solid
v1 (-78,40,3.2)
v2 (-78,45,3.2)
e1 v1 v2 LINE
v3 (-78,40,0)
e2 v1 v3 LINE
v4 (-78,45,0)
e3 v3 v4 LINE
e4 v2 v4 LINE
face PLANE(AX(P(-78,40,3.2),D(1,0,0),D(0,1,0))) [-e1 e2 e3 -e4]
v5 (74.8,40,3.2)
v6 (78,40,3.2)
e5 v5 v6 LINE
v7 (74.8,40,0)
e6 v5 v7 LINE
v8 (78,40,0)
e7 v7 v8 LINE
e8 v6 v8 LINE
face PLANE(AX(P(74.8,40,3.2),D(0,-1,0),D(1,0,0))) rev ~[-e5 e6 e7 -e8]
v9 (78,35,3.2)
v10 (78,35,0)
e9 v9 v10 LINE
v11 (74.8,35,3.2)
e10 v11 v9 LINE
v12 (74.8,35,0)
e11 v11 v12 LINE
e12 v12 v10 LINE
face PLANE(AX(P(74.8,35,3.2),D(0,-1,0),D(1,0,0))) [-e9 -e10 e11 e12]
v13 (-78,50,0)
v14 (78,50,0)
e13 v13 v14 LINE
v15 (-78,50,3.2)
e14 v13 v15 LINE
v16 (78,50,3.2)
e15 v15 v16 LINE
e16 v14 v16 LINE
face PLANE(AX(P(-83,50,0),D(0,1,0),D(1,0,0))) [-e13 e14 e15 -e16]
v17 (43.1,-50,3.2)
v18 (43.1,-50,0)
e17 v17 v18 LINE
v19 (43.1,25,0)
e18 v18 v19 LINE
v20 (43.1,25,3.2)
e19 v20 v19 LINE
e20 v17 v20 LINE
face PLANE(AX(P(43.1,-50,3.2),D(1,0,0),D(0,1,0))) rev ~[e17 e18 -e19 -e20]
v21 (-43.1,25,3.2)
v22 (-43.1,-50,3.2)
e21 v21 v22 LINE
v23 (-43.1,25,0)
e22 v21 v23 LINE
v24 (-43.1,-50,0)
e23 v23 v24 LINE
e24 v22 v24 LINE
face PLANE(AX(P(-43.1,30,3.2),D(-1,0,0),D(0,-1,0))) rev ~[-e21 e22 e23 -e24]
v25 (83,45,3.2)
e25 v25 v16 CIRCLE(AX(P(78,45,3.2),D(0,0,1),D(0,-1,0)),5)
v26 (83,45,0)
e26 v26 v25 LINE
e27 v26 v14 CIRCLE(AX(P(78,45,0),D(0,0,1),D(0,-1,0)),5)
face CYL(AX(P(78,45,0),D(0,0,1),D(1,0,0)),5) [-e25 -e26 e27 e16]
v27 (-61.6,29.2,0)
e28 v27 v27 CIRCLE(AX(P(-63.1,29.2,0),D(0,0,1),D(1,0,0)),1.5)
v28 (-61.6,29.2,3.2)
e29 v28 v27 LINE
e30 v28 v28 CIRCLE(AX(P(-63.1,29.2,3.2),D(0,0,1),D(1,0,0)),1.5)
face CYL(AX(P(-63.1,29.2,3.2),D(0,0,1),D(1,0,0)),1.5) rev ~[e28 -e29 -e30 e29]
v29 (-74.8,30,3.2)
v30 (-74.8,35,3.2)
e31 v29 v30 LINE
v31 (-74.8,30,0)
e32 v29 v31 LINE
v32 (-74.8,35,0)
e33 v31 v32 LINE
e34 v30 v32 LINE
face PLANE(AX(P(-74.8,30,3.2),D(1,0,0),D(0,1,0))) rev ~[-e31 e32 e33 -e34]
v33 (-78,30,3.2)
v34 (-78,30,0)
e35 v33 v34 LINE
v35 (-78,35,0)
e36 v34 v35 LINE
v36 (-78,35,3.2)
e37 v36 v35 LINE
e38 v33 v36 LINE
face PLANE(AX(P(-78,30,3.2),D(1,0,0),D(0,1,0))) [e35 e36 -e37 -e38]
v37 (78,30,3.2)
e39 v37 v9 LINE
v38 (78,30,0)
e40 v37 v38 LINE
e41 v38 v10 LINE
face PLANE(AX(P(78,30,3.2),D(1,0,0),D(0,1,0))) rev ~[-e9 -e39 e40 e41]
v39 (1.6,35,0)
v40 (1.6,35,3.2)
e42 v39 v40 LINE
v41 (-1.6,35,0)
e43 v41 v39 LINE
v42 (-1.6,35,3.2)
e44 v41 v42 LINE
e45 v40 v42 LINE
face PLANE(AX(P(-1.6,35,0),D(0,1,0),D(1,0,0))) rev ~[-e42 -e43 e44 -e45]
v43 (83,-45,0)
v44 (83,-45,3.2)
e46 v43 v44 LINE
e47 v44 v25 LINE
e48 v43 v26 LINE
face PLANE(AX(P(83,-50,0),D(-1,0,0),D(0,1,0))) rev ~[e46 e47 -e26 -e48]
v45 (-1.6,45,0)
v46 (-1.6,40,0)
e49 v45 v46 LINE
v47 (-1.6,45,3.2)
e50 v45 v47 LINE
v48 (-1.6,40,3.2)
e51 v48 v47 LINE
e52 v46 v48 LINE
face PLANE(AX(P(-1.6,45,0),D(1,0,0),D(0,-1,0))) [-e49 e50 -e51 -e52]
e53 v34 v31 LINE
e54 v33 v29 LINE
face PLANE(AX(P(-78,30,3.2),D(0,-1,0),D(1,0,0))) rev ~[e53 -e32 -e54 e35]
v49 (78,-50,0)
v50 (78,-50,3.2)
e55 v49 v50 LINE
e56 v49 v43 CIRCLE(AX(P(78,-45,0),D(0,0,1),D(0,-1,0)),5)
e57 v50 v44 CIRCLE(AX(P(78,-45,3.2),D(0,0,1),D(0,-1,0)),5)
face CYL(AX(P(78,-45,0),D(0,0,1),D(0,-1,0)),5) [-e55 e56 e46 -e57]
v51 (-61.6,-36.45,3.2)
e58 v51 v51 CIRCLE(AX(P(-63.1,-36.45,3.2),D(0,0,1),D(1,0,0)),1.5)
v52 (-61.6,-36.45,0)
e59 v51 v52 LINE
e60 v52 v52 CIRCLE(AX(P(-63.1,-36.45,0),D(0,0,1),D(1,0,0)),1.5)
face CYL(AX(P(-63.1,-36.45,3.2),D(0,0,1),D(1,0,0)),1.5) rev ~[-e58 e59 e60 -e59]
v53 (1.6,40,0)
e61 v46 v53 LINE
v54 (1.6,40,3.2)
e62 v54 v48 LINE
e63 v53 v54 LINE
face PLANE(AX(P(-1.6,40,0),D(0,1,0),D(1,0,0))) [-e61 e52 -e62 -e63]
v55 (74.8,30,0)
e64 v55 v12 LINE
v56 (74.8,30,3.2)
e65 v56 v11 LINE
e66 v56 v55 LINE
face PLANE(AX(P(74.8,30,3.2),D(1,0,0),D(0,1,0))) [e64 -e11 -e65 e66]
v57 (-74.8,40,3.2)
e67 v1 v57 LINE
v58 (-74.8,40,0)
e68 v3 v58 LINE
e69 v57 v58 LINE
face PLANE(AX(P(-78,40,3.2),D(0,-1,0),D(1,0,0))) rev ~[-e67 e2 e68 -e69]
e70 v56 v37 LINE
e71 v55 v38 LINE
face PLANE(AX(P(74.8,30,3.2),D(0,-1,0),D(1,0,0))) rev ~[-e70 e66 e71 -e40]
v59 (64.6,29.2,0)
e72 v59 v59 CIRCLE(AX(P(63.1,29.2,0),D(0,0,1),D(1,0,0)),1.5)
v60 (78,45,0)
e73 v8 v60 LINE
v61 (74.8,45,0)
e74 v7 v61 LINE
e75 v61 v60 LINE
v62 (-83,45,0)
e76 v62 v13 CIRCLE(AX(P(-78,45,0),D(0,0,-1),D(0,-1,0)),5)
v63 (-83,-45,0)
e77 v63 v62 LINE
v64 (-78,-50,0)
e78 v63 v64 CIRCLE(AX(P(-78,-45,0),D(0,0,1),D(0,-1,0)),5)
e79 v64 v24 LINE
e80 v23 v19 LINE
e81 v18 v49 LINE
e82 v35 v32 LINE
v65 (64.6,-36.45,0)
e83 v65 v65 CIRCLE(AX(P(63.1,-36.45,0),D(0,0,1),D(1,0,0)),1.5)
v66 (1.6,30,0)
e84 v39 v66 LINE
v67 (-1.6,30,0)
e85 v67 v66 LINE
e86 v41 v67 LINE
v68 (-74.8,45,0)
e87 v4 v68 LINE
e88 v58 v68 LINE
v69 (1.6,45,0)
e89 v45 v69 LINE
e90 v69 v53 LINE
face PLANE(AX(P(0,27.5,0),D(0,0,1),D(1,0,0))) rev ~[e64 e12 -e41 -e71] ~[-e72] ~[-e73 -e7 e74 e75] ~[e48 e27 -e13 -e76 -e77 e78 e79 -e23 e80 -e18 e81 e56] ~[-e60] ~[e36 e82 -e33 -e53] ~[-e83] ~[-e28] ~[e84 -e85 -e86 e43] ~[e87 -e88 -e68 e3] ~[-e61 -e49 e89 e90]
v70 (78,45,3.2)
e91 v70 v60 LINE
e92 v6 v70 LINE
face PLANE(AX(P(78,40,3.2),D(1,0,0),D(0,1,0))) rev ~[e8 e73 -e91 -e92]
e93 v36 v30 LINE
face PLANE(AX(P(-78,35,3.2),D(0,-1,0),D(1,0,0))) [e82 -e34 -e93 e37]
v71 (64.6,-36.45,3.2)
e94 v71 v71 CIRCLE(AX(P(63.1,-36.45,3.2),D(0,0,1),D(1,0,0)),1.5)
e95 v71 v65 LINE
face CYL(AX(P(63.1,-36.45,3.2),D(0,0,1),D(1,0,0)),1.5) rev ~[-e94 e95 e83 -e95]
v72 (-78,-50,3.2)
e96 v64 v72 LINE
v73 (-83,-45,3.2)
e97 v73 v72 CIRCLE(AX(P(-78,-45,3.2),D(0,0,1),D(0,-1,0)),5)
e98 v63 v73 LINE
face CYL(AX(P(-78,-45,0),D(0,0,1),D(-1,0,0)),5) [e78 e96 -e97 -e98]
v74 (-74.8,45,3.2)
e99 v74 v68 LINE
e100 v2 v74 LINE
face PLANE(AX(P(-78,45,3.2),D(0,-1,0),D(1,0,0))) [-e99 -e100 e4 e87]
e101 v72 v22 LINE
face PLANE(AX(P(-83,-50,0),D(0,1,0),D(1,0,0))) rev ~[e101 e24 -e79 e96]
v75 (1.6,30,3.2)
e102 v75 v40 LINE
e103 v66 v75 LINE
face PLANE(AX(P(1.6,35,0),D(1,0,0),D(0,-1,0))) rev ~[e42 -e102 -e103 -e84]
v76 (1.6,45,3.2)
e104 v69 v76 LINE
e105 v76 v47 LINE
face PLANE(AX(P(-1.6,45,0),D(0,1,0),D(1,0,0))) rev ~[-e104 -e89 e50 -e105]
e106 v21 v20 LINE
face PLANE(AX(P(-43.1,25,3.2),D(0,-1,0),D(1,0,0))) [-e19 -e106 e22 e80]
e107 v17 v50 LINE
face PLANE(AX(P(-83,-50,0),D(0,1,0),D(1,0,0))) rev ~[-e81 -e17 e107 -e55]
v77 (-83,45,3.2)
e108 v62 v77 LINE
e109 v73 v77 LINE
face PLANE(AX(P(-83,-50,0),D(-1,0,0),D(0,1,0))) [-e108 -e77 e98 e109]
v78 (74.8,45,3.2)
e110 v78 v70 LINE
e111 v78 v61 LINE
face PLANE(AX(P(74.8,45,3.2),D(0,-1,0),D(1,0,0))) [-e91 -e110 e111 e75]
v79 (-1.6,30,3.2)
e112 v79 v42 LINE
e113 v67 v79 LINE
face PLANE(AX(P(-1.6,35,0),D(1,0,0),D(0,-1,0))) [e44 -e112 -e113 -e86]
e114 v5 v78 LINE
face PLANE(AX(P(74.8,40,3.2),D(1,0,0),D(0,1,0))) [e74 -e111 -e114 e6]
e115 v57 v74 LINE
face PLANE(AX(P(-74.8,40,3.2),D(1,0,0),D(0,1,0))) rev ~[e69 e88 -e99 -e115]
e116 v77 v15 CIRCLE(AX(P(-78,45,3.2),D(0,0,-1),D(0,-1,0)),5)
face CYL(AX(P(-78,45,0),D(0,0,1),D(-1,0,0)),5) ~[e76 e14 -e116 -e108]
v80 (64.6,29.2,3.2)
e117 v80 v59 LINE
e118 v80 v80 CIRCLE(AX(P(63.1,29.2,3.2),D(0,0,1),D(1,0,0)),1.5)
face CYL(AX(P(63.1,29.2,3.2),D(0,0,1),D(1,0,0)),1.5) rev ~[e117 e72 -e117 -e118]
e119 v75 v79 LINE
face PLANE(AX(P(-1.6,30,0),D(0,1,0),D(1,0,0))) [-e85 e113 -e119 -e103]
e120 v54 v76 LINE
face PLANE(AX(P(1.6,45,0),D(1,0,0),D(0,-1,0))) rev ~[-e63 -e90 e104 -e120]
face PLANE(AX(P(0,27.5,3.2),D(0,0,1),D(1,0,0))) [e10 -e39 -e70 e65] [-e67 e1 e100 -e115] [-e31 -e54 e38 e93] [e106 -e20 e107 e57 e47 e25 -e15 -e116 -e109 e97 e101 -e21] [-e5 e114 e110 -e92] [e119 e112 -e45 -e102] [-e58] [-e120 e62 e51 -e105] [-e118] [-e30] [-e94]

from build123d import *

# Parameters (mm, degrees)
F0_W      = 166
F0_H      = 100
F1_DEPTH  = 3.2
F2_R      = 5
F3_R      = 1.5
F4_DEPTH  = 25
F6_DEPTH  = 25
F7_W      = 3.2
F7_H      = 5
F8_DEPTH  = 25
F9_W      = 86.2
F9_H      = 5
F10_DEPTH = 3.2
F11_W     = 3.2
F11_H     = 5
F12_DEPTH = 25


with BuildPart() as f1:
    # F0 (on Top) → F1 (new body)
    with BuildSketch(Plane.XY):
        Rectangle(F0_W, F0_H)
    extrude(amount=F1_DEPTH)

    # F2
    f2_edges = [f1.edges().sort_by_distance(p)[0] for p in [
        (83, 50, 1.6),
        (83, -50, 1.6),
        (-83, -50, 1.6),
        (-83, 50, 1.6),
    ]]
    fillet(f2_edges, radius=F2_R)

    # F3 (on face) → F4 (cut)
    with BuildSketch(Plane.XY.offset(3.2)):
        with Locations((63.1, 29.2)):
            Circle(F3_R)
        with Locations((-63.1, 29.2)):
            Circle(F3_R)
        with Locations((-63.1, -36.45)):
            Circle(F3_R)
        with Locations((63.1, -36.45)):
            Circle(F3_R)
    extrude(amount=-F4_DEPTH, mode=Mode.SUBTRACT)

    # F5 (on face) → F6 (cut)
    with BuildSketch(Plane.XY.offset(3.2)):
        Polygon((43.1, 30), (0, 30), (-43.1, 30), (-43.1, -50), (43.1, -50), align=None)
    extrude(amount=-F6_DEPTH, mode=Mode.SUBTRACT)

    # F7 (on face) → F8 (cut)
    with BuildSketch(Plane.XY.offset(3.2)):
        with Locations((-76.4, 42.5)):
            Rectangle(F7_W, F7_H)
        with Locations((-76.4, 32.5)):
            Rectangle(F7_W, F7_H)
        with Locations((76.4, 32.5)):
            Rectangle(F7_W, F7_H)
        with Locations((76.4, 42.5)):
            Rectangle(F7_W, F7_H)
    extrude(amount=-F8_DEPTH, mode=Mode.SUBTRACT)

    # F9 (on face) → F10 (join, through all)
    with BuildSketch(Plane.XY.offset(3.2)):
        with Locations((0, 27.5)):
            Rectangle(F9_W, F9_H)
    extrude(amount=-F10_DEPTH)

    # F11 (on face) → F12 (cut)
    with BuildSketch(Plane(origin=(0, 0, 0), x_dir=(1, 0, 0), z_dir=(0, 0, -1))):
        with Locations((0, -32.5)):
            Rectangle(F11_W, F11_H)
        with Locations((0, -42.5)):
            Rectangle(F11_W, F11_H)
    extrude(amount=-F12_DEPTH, mode=Mode.SUBTRACT)


solid = f1.part
